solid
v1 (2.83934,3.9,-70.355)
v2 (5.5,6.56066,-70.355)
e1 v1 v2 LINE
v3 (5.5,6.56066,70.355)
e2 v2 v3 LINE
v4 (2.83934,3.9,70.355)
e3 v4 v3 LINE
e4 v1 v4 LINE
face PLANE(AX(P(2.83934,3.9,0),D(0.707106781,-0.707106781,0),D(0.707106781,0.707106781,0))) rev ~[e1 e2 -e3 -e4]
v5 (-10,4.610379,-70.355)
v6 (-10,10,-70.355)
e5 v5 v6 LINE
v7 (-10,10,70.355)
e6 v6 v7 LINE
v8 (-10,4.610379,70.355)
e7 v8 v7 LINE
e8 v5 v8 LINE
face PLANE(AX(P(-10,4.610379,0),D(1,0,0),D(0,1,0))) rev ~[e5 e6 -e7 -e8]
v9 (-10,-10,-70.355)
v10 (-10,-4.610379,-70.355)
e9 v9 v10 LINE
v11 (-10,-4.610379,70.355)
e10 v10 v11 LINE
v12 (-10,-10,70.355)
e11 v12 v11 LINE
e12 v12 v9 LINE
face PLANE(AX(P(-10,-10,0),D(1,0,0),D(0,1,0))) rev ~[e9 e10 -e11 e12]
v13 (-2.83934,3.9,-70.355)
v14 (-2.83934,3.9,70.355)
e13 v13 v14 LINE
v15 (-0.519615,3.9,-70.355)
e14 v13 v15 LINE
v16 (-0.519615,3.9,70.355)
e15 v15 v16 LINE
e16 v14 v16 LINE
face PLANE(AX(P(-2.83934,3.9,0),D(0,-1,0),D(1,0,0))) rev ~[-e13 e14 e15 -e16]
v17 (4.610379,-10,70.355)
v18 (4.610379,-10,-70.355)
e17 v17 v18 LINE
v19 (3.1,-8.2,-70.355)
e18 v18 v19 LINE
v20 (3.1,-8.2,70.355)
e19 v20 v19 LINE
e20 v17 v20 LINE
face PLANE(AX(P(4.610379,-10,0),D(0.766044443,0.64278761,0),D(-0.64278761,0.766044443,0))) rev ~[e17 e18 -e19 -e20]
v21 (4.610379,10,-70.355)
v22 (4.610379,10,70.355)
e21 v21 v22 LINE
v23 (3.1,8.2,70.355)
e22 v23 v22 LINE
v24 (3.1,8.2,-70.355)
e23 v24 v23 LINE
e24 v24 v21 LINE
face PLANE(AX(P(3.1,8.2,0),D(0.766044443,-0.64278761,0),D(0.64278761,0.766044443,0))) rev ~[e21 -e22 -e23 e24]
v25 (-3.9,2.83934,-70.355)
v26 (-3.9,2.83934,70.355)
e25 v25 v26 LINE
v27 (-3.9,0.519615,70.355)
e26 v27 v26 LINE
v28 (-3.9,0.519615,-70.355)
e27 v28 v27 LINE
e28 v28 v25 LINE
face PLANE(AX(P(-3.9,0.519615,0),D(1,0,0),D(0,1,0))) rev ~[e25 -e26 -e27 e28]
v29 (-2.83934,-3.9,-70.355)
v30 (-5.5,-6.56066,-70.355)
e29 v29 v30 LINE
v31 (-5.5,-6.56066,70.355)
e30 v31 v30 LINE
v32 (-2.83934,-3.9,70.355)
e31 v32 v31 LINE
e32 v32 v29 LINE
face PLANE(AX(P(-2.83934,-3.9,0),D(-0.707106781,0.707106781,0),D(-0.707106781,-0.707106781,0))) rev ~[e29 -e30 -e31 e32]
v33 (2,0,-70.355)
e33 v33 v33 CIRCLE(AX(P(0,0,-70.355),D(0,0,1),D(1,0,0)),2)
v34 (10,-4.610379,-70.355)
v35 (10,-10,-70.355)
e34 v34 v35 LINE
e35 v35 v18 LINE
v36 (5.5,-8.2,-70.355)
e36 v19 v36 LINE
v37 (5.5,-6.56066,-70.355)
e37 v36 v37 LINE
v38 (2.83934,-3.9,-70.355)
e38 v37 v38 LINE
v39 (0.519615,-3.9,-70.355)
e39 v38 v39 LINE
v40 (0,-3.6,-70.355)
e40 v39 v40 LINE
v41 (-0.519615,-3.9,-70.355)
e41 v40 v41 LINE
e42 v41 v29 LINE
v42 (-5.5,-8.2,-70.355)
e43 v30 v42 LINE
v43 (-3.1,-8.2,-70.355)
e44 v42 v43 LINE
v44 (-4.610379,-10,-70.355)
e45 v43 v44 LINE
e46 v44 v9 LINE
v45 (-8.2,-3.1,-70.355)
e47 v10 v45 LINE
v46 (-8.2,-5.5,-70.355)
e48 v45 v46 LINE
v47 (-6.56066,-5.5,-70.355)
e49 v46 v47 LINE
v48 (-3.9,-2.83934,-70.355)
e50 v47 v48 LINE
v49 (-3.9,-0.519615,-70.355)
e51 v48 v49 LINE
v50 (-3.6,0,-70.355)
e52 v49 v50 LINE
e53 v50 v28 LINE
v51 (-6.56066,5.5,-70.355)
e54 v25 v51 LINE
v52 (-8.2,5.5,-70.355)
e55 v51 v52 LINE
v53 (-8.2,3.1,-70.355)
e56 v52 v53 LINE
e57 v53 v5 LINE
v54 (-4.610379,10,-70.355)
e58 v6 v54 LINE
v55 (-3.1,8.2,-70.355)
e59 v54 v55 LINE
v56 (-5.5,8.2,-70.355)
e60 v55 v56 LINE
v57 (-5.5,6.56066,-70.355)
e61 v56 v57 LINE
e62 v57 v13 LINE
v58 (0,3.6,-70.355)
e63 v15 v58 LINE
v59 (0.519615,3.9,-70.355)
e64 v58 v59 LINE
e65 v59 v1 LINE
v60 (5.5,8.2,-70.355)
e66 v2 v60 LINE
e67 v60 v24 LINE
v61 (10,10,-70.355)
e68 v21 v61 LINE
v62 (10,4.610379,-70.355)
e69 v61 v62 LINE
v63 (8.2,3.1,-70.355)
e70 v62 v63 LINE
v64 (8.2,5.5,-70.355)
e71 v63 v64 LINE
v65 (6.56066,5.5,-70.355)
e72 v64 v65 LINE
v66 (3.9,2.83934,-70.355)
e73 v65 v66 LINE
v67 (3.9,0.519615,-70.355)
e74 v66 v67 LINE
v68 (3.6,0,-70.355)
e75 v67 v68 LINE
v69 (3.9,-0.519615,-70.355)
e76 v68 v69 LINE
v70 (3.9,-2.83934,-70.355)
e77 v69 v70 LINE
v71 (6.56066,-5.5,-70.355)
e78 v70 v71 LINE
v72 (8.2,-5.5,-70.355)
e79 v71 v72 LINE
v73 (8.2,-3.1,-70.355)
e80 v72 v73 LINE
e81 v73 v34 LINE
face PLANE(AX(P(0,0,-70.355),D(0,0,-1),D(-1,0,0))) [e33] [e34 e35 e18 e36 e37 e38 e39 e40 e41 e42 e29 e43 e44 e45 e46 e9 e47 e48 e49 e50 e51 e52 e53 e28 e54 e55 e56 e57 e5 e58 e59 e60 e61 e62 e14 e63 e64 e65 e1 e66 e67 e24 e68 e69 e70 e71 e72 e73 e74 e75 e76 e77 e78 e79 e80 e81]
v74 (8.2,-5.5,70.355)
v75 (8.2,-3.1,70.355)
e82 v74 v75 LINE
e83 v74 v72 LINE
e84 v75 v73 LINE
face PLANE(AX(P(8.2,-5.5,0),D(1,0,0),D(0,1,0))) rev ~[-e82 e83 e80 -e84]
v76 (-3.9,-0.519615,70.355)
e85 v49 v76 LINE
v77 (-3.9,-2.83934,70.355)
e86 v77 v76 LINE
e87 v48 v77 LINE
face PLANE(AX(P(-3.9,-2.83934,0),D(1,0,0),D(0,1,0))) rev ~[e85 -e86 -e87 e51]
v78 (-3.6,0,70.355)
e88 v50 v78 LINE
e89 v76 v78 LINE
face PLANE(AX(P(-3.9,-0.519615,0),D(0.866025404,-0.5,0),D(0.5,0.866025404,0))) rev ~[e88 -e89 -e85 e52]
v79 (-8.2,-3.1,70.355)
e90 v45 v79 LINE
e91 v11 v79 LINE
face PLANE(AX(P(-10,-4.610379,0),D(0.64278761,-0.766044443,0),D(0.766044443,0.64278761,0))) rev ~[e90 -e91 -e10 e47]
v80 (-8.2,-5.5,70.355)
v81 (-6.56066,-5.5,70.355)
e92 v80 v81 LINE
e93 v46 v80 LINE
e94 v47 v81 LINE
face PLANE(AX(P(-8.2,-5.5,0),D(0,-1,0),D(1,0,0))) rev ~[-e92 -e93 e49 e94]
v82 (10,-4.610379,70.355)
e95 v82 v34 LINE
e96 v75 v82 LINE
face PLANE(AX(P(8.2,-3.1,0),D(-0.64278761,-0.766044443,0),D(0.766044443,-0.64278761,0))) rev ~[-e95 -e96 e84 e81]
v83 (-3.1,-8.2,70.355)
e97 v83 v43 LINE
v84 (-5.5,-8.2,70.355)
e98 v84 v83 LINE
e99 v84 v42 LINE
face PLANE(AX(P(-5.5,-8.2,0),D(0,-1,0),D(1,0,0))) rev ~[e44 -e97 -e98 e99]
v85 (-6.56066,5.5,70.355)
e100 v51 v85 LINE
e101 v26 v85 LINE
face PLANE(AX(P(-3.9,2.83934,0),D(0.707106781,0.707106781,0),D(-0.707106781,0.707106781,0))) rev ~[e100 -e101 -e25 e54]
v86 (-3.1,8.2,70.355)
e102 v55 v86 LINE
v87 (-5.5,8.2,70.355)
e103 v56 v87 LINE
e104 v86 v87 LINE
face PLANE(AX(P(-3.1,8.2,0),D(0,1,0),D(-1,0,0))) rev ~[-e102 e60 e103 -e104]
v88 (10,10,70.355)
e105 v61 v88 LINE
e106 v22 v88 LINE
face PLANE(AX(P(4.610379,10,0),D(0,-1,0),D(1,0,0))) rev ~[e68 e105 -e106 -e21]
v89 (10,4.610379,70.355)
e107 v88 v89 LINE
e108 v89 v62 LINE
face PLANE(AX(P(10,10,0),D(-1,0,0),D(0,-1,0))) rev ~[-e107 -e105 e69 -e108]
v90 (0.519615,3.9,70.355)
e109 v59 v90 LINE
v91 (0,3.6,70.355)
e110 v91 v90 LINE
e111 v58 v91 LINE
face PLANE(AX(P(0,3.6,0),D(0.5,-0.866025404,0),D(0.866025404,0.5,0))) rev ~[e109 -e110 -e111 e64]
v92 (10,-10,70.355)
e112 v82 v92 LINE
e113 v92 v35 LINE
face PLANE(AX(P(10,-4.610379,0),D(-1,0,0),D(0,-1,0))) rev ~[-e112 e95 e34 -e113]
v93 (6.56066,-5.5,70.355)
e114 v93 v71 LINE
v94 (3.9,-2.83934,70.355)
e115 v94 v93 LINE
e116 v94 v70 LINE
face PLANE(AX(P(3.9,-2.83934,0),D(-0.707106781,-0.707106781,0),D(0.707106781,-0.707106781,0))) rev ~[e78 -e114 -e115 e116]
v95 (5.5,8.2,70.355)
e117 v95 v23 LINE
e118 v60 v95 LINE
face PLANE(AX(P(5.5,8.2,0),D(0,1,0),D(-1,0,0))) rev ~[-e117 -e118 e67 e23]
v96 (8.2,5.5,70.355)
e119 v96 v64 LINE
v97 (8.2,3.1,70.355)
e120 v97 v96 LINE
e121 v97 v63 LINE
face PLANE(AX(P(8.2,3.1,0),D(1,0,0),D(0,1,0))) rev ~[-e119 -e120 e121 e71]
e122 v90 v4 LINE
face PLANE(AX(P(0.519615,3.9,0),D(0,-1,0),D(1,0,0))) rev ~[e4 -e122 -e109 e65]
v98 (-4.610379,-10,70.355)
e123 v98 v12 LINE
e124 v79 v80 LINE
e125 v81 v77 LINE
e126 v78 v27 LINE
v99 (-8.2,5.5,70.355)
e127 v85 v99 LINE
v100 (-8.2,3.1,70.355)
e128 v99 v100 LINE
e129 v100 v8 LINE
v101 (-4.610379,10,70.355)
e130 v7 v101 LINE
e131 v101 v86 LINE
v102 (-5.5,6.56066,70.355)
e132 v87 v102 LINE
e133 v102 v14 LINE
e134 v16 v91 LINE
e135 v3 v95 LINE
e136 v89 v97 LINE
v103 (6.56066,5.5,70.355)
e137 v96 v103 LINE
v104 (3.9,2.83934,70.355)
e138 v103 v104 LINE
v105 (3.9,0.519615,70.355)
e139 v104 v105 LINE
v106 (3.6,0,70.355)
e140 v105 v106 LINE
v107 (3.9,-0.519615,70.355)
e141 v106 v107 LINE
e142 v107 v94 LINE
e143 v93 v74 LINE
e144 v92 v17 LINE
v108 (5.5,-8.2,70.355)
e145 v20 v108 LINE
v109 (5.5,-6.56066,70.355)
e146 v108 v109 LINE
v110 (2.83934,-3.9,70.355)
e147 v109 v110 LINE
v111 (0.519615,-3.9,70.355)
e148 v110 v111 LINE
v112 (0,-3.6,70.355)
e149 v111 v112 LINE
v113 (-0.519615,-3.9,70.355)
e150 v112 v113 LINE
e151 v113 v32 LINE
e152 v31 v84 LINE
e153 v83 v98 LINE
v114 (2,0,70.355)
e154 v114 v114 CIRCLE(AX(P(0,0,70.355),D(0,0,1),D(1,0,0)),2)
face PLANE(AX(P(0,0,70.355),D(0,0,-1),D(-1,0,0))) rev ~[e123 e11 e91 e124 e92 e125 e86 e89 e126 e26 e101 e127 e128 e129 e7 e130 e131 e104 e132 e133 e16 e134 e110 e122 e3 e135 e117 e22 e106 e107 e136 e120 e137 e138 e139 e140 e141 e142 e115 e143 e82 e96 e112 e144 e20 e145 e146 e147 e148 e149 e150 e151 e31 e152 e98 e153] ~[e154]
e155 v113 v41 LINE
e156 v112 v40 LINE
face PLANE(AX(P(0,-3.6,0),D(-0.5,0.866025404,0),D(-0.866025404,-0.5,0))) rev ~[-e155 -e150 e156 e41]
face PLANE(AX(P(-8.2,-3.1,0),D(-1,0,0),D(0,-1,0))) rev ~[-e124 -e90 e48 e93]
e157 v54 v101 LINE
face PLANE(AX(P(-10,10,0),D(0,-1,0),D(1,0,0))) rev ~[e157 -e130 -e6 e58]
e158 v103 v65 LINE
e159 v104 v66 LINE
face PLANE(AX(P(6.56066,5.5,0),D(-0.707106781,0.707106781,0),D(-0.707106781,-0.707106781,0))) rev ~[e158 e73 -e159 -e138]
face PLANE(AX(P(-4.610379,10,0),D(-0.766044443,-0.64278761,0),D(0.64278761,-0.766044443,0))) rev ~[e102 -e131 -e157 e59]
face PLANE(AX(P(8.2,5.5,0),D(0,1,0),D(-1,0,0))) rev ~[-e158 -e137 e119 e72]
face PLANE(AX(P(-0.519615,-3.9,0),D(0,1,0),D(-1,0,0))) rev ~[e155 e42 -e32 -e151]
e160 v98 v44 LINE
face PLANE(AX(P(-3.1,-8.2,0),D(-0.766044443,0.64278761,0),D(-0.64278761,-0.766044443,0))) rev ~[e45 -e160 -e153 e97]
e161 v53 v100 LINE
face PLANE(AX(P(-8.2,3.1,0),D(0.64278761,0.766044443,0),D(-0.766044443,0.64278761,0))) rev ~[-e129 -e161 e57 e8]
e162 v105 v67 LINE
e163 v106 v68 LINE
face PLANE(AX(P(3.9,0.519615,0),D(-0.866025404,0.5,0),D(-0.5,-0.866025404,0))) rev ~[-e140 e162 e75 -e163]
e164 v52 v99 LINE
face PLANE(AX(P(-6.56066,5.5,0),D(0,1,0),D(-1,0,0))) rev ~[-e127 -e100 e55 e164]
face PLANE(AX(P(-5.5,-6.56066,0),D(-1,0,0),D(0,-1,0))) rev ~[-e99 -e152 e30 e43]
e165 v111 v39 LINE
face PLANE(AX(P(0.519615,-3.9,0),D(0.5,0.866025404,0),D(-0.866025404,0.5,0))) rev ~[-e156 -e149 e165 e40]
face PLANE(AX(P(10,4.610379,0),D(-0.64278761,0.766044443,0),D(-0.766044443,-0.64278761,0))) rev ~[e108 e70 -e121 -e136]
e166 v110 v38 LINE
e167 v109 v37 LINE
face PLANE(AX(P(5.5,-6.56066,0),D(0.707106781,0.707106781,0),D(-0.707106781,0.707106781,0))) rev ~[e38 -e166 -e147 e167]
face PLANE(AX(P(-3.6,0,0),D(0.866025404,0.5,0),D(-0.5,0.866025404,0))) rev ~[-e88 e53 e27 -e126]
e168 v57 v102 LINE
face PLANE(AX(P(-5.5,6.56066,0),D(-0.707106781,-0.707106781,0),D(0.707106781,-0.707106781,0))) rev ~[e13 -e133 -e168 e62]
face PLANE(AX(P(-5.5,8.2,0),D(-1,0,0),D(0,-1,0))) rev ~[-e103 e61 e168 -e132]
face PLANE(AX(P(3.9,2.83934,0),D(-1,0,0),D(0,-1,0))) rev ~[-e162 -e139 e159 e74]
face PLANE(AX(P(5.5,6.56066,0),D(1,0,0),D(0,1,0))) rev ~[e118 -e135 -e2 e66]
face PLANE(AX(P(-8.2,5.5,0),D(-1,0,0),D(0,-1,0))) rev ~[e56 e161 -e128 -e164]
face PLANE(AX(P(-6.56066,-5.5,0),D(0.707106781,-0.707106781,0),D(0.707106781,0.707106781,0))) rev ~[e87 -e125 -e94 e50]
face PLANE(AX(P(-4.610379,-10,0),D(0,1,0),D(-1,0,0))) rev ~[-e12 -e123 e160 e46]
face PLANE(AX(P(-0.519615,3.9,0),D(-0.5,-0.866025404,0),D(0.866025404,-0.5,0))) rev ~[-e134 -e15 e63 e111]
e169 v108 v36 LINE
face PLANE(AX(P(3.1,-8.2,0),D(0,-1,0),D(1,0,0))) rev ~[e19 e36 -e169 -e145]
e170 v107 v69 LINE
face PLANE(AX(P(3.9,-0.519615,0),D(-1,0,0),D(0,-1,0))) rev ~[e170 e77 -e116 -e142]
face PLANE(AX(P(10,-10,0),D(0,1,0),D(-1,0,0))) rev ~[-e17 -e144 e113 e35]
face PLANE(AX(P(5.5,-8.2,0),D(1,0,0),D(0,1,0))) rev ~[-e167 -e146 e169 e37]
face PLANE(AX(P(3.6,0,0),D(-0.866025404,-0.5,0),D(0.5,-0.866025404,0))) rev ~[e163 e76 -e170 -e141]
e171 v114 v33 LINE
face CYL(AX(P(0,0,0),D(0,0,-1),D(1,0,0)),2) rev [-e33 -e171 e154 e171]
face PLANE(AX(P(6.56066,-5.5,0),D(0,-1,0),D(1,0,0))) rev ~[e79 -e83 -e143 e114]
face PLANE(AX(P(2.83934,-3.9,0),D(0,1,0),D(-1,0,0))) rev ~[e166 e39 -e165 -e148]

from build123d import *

# Parameters (mm, degrees)
SKETCH1_R           = 2
BOSS_EXTRUDE1_DEPTH = 70.355


with BuildPart() as part:
    # Sketch1 → Boss-Extrude1 (new body, symmetric)
    with BuildSketch(Plane.XY):
        Polygon((10, 10), (10, 4.610379336), (8.2, 3.1), (8.2, 5.5), (6.560660172, 5.5), (3.9, 2.839339828), (3.9, 0.519615242), (3.6, 0), (3.9, -0.519615242), (3.9, -2.839339828), (6.560660172, -5.5), (8.2, -5.5), (8.2, -3.1), (10, -4.610379336), (10, -10), (4.610379336, -10), (3.1, -8.2), (5.5, -8.2), (5.5, -6.560660172), (2.839339828, -3.9), (0.519615242, -3.9), (0, -3.6), (-0.519615242, -3.9), (-2.839339828, -3.9), (-5.5, -6.560660172), (-5.5, -8.2), (-3.1, -8.2), (-4.610379336, -10), (-10, -10), (-10, -4.610379336), (-8.2, -3.1), (-8.2, -5.5), (-6.560660172, -5.5), (-3.9, -2.839339828), (-3.9, -0.519615242), (-3.6, 0), (-3.9, 0.519615242), (-3.9, 2.839339828), (-6.560660172, 5.5), (-8.2, 5.5), (-8.2, 3.1), (-10, 4.610379336), (-10, 10), (-4.610379336, 10), (-3.1, 8.2), (-5.5, 8.2), (-5.5, 6.560660172), (-2.839339828, 3.9), (-0.519615242, 3.9), (0, 3.6), (0.519615242, 3.9), (2.839339828, 3.9), (5.5, 6.560660172), (5.5, 8.2), (3.1, 8.2), (4.610379336, 10), align=None)
        Circle(SKETCH1_R, mode=Mode.SUBTRACT)
    extrude(amount=BOSS_EXTRUDE1_DEPTH, both=True)


solid = part.part
